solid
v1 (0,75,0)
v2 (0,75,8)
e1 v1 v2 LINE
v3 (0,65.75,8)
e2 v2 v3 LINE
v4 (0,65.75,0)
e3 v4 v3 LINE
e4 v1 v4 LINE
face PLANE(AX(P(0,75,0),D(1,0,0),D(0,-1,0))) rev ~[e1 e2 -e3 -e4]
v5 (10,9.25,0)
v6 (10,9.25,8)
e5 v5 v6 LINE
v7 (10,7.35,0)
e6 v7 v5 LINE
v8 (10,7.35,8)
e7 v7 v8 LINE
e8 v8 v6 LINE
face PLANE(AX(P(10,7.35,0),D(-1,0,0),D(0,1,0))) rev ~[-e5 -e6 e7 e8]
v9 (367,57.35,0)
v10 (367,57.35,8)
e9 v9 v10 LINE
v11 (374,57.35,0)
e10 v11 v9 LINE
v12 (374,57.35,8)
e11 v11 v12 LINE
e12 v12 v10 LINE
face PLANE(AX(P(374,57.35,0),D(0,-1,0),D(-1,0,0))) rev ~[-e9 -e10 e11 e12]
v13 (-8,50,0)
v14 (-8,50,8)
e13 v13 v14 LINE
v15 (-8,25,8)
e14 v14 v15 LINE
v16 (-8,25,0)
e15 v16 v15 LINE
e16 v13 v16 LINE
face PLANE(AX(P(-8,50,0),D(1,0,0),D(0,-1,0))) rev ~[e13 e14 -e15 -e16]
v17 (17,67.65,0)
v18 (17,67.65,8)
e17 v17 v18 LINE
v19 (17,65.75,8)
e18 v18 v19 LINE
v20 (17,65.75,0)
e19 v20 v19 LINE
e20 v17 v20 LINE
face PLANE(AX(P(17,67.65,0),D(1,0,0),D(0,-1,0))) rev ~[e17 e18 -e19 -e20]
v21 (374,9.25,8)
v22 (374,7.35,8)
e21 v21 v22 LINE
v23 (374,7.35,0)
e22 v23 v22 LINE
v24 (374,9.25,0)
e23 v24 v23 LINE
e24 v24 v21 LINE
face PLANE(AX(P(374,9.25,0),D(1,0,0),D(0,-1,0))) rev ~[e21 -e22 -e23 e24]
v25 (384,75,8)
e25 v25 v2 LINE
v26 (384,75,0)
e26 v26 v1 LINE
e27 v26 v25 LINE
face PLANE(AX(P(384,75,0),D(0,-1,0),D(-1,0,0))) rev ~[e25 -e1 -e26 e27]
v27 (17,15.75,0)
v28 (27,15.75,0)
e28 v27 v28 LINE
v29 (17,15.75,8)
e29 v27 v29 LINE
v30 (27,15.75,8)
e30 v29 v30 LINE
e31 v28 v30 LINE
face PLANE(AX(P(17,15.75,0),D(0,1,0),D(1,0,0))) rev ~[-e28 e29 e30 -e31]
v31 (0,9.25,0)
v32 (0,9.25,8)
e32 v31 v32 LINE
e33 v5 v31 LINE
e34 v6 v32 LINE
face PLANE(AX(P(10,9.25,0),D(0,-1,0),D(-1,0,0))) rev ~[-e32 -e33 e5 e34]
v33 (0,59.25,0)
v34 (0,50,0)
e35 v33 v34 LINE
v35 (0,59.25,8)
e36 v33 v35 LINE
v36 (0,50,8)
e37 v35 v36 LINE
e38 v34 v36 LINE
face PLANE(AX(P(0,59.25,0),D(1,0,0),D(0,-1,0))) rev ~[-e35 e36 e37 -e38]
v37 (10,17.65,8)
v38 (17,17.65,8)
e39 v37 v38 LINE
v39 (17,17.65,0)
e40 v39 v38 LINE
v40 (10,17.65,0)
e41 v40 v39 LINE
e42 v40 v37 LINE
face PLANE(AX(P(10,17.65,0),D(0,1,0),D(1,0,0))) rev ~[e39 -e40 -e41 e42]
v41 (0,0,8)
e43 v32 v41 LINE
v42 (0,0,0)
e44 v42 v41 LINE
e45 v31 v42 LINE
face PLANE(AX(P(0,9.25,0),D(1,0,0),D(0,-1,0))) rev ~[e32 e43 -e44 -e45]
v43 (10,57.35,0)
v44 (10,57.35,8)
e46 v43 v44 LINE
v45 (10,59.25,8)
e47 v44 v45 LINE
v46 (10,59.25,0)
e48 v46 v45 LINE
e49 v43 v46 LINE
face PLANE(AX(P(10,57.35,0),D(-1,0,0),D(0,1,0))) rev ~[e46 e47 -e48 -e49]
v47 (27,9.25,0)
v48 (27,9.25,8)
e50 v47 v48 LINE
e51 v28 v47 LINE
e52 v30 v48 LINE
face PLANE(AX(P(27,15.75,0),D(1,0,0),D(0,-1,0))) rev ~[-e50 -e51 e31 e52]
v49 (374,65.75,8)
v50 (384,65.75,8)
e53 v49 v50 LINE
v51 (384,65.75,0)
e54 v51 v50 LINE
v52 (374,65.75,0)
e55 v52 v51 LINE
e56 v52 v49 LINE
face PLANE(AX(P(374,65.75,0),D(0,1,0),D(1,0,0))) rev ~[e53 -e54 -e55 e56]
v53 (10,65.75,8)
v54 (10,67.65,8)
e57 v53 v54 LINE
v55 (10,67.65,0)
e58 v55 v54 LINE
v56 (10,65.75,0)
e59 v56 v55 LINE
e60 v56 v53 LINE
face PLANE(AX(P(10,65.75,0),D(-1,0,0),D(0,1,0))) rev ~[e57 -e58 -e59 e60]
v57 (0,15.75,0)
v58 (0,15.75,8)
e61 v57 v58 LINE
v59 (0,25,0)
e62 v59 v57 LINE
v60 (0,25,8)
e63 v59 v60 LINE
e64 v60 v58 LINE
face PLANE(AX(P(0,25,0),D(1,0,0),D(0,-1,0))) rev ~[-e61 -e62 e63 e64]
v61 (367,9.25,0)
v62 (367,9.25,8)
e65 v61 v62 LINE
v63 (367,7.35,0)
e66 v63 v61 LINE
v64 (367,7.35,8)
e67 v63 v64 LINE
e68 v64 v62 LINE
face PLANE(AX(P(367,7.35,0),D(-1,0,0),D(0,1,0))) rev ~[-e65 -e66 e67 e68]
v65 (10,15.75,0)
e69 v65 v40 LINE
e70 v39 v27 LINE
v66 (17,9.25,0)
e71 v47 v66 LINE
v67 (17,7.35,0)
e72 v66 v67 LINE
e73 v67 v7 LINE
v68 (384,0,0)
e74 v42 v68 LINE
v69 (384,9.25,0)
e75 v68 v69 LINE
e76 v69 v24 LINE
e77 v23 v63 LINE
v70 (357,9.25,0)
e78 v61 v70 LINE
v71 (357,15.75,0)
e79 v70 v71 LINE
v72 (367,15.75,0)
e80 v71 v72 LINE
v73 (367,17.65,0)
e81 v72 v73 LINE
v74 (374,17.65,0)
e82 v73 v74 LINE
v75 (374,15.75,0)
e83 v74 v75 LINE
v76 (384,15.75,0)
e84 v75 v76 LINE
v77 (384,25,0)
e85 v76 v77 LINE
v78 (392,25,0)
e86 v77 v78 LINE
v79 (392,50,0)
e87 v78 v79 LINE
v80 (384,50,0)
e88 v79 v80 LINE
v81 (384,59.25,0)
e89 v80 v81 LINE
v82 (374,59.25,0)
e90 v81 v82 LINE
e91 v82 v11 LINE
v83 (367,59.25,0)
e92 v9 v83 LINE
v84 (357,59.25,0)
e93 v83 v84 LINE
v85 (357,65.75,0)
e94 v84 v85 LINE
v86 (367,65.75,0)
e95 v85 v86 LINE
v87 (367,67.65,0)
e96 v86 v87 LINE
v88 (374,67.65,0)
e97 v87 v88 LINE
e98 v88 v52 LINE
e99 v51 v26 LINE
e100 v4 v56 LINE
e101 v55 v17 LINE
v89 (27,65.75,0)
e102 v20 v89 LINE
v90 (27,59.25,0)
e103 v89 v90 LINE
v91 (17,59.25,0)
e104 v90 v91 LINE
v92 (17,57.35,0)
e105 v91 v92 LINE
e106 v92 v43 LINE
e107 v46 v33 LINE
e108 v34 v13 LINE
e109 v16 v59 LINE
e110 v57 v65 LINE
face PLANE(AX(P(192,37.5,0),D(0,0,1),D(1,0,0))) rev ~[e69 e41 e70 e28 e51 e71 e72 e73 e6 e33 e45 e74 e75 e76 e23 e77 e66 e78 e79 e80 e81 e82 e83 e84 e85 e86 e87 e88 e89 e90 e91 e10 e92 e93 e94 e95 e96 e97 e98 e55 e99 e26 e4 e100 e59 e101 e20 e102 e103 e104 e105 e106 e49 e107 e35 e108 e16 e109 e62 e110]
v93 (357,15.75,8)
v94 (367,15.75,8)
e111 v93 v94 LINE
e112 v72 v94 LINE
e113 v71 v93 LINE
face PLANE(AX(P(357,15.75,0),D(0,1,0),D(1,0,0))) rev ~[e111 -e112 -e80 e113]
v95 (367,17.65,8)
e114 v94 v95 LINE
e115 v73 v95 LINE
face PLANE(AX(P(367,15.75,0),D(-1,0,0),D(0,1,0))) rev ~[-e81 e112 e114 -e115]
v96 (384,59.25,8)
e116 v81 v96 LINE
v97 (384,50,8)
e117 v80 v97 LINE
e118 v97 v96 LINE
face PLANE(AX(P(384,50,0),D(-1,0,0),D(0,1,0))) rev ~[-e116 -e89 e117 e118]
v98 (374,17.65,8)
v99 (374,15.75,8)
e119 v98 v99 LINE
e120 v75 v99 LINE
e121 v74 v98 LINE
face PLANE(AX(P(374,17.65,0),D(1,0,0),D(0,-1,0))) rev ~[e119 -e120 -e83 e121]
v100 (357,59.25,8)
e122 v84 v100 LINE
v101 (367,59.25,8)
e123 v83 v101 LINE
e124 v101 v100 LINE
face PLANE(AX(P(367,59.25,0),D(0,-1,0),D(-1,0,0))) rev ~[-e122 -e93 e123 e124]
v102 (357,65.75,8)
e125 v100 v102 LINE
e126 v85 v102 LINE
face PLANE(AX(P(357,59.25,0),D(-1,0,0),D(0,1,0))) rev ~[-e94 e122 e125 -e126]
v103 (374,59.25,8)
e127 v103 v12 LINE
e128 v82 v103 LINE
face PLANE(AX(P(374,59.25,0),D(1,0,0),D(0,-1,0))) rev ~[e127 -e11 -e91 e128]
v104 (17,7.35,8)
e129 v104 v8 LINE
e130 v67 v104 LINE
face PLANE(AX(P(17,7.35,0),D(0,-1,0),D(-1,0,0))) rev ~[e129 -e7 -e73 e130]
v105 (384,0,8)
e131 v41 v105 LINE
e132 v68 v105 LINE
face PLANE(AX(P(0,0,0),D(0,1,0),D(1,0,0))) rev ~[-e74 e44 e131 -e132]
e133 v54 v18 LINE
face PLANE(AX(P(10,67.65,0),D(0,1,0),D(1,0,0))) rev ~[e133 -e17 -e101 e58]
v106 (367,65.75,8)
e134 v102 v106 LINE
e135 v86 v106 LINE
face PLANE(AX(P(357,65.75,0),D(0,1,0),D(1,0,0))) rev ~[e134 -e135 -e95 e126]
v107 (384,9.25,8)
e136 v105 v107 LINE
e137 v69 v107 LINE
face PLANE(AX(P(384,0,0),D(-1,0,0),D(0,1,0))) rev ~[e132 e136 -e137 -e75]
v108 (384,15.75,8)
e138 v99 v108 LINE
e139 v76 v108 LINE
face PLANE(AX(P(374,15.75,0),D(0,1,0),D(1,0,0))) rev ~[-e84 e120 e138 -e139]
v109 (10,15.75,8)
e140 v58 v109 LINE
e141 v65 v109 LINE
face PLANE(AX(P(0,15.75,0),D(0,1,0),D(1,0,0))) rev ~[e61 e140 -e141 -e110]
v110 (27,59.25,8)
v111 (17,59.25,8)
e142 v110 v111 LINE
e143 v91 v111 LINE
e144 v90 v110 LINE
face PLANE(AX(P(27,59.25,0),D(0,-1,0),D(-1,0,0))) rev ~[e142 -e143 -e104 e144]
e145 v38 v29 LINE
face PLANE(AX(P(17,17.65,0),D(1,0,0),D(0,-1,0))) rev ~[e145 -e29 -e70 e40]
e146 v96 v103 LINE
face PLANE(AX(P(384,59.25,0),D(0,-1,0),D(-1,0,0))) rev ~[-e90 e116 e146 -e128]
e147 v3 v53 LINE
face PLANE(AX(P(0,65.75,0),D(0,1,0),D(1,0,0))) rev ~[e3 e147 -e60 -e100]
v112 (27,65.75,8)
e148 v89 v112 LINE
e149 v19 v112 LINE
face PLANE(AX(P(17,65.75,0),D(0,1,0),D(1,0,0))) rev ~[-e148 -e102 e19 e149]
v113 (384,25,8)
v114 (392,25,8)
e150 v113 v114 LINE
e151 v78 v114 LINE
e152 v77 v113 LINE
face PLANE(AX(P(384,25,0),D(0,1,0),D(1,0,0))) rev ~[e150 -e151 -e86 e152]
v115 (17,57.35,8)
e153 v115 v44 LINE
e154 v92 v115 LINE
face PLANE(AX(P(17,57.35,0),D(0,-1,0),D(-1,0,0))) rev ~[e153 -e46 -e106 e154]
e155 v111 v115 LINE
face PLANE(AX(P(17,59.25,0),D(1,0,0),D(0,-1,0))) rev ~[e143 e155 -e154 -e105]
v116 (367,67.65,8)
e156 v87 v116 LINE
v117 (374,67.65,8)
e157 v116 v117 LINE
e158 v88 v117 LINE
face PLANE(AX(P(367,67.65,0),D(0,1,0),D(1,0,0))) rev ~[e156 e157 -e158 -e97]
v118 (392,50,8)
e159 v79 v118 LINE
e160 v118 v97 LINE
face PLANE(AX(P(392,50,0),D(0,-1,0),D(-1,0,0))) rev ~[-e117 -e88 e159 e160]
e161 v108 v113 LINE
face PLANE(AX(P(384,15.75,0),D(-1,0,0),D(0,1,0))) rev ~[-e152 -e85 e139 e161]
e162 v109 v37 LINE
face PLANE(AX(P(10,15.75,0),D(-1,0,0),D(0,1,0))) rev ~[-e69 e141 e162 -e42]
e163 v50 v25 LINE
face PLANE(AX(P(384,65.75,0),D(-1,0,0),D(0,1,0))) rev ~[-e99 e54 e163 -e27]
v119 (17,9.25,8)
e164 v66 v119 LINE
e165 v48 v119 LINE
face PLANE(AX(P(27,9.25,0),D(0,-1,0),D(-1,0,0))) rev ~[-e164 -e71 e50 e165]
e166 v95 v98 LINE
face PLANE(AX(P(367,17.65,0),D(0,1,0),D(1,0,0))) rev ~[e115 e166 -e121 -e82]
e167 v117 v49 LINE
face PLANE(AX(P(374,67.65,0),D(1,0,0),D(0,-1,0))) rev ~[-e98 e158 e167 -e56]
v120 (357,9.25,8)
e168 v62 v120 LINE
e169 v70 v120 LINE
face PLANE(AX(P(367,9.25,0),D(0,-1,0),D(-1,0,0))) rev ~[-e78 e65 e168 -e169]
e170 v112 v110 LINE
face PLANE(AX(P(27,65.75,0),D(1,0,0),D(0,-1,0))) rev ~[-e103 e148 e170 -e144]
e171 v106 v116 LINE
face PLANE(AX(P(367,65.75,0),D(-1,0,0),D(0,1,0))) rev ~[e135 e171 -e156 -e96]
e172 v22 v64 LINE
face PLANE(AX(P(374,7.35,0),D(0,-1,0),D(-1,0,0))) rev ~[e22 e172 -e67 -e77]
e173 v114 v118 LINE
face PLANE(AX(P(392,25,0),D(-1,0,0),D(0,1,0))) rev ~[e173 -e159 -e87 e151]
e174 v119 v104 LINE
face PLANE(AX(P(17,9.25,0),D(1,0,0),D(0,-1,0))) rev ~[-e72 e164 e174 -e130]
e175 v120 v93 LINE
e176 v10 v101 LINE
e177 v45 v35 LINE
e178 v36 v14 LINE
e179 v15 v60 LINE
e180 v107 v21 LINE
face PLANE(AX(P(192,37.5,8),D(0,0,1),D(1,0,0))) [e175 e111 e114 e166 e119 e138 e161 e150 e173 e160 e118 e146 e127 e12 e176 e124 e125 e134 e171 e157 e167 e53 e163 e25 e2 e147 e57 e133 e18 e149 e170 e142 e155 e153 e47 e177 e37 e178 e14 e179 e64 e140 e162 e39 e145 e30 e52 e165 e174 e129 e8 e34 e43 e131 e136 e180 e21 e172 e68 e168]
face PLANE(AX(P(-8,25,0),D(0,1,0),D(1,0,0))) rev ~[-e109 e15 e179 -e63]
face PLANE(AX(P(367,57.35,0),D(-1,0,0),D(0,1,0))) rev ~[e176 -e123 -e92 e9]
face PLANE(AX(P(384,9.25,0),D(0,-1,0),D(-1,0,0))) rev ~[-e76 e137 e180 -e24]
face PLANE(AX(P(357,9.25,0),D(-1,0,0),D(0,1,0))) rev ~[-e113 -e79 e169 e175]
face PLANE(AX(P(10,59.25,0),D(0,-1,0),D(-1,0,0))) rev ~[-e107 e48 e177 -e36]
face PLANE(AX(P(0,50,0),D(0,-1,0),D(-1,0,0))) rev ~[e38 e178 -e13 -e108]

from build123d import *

# Parameters (mm, degrees)
F1_DEPTH = 8


with BuildPart() as f1:
    # F0 (on Top) → F1 (new body)
    with BuildSketch(Plane.XY):
        Polygon((0, 9.25), (0, 0), (384, 0), (384, 9.25), (374, 9.25), (374, 7.35), (367, 7.35), (367, 9.25), (357, 9.25), (357, 15.75), (367, 15.75), (367, 17.65), (374, 17.65), (374, 15.75), (384, 15.75), (384, 25), (392, 25), (392, 50), (384, 50), (384, 59.25), (374, 59.25), (374, 57.35), (367, 57.35), (367, 59.25), (357, 59.25), (357, 65.75), (367, 65.75), (367, 67.65), (374, 67.65), (374, 65.75), (384, 65.75), (384, 75), (0, 75), (0, 65.75), (10, 65.75), (10, 67.65), (17, 67.65), (17, 65.75), (27, 65.75), (27, 59.25), (17, 59.25), (17, 57.35), (10, 57.35), (10, 59.25), (0, 59.25), (0, 50), (-8, 50), (-8, 25), (0, 25), (0, 15.75), (10, 15.75), (10, 17.65), (17, 17.65), (17, 15.75), (27, 15.75), (27, 9.25), (17, 9.25), (17, 7.35), (10, 7.35), (10, 9.25), align=None)
    extrude(amount=F1_DEPTH)


solid = f1.part
